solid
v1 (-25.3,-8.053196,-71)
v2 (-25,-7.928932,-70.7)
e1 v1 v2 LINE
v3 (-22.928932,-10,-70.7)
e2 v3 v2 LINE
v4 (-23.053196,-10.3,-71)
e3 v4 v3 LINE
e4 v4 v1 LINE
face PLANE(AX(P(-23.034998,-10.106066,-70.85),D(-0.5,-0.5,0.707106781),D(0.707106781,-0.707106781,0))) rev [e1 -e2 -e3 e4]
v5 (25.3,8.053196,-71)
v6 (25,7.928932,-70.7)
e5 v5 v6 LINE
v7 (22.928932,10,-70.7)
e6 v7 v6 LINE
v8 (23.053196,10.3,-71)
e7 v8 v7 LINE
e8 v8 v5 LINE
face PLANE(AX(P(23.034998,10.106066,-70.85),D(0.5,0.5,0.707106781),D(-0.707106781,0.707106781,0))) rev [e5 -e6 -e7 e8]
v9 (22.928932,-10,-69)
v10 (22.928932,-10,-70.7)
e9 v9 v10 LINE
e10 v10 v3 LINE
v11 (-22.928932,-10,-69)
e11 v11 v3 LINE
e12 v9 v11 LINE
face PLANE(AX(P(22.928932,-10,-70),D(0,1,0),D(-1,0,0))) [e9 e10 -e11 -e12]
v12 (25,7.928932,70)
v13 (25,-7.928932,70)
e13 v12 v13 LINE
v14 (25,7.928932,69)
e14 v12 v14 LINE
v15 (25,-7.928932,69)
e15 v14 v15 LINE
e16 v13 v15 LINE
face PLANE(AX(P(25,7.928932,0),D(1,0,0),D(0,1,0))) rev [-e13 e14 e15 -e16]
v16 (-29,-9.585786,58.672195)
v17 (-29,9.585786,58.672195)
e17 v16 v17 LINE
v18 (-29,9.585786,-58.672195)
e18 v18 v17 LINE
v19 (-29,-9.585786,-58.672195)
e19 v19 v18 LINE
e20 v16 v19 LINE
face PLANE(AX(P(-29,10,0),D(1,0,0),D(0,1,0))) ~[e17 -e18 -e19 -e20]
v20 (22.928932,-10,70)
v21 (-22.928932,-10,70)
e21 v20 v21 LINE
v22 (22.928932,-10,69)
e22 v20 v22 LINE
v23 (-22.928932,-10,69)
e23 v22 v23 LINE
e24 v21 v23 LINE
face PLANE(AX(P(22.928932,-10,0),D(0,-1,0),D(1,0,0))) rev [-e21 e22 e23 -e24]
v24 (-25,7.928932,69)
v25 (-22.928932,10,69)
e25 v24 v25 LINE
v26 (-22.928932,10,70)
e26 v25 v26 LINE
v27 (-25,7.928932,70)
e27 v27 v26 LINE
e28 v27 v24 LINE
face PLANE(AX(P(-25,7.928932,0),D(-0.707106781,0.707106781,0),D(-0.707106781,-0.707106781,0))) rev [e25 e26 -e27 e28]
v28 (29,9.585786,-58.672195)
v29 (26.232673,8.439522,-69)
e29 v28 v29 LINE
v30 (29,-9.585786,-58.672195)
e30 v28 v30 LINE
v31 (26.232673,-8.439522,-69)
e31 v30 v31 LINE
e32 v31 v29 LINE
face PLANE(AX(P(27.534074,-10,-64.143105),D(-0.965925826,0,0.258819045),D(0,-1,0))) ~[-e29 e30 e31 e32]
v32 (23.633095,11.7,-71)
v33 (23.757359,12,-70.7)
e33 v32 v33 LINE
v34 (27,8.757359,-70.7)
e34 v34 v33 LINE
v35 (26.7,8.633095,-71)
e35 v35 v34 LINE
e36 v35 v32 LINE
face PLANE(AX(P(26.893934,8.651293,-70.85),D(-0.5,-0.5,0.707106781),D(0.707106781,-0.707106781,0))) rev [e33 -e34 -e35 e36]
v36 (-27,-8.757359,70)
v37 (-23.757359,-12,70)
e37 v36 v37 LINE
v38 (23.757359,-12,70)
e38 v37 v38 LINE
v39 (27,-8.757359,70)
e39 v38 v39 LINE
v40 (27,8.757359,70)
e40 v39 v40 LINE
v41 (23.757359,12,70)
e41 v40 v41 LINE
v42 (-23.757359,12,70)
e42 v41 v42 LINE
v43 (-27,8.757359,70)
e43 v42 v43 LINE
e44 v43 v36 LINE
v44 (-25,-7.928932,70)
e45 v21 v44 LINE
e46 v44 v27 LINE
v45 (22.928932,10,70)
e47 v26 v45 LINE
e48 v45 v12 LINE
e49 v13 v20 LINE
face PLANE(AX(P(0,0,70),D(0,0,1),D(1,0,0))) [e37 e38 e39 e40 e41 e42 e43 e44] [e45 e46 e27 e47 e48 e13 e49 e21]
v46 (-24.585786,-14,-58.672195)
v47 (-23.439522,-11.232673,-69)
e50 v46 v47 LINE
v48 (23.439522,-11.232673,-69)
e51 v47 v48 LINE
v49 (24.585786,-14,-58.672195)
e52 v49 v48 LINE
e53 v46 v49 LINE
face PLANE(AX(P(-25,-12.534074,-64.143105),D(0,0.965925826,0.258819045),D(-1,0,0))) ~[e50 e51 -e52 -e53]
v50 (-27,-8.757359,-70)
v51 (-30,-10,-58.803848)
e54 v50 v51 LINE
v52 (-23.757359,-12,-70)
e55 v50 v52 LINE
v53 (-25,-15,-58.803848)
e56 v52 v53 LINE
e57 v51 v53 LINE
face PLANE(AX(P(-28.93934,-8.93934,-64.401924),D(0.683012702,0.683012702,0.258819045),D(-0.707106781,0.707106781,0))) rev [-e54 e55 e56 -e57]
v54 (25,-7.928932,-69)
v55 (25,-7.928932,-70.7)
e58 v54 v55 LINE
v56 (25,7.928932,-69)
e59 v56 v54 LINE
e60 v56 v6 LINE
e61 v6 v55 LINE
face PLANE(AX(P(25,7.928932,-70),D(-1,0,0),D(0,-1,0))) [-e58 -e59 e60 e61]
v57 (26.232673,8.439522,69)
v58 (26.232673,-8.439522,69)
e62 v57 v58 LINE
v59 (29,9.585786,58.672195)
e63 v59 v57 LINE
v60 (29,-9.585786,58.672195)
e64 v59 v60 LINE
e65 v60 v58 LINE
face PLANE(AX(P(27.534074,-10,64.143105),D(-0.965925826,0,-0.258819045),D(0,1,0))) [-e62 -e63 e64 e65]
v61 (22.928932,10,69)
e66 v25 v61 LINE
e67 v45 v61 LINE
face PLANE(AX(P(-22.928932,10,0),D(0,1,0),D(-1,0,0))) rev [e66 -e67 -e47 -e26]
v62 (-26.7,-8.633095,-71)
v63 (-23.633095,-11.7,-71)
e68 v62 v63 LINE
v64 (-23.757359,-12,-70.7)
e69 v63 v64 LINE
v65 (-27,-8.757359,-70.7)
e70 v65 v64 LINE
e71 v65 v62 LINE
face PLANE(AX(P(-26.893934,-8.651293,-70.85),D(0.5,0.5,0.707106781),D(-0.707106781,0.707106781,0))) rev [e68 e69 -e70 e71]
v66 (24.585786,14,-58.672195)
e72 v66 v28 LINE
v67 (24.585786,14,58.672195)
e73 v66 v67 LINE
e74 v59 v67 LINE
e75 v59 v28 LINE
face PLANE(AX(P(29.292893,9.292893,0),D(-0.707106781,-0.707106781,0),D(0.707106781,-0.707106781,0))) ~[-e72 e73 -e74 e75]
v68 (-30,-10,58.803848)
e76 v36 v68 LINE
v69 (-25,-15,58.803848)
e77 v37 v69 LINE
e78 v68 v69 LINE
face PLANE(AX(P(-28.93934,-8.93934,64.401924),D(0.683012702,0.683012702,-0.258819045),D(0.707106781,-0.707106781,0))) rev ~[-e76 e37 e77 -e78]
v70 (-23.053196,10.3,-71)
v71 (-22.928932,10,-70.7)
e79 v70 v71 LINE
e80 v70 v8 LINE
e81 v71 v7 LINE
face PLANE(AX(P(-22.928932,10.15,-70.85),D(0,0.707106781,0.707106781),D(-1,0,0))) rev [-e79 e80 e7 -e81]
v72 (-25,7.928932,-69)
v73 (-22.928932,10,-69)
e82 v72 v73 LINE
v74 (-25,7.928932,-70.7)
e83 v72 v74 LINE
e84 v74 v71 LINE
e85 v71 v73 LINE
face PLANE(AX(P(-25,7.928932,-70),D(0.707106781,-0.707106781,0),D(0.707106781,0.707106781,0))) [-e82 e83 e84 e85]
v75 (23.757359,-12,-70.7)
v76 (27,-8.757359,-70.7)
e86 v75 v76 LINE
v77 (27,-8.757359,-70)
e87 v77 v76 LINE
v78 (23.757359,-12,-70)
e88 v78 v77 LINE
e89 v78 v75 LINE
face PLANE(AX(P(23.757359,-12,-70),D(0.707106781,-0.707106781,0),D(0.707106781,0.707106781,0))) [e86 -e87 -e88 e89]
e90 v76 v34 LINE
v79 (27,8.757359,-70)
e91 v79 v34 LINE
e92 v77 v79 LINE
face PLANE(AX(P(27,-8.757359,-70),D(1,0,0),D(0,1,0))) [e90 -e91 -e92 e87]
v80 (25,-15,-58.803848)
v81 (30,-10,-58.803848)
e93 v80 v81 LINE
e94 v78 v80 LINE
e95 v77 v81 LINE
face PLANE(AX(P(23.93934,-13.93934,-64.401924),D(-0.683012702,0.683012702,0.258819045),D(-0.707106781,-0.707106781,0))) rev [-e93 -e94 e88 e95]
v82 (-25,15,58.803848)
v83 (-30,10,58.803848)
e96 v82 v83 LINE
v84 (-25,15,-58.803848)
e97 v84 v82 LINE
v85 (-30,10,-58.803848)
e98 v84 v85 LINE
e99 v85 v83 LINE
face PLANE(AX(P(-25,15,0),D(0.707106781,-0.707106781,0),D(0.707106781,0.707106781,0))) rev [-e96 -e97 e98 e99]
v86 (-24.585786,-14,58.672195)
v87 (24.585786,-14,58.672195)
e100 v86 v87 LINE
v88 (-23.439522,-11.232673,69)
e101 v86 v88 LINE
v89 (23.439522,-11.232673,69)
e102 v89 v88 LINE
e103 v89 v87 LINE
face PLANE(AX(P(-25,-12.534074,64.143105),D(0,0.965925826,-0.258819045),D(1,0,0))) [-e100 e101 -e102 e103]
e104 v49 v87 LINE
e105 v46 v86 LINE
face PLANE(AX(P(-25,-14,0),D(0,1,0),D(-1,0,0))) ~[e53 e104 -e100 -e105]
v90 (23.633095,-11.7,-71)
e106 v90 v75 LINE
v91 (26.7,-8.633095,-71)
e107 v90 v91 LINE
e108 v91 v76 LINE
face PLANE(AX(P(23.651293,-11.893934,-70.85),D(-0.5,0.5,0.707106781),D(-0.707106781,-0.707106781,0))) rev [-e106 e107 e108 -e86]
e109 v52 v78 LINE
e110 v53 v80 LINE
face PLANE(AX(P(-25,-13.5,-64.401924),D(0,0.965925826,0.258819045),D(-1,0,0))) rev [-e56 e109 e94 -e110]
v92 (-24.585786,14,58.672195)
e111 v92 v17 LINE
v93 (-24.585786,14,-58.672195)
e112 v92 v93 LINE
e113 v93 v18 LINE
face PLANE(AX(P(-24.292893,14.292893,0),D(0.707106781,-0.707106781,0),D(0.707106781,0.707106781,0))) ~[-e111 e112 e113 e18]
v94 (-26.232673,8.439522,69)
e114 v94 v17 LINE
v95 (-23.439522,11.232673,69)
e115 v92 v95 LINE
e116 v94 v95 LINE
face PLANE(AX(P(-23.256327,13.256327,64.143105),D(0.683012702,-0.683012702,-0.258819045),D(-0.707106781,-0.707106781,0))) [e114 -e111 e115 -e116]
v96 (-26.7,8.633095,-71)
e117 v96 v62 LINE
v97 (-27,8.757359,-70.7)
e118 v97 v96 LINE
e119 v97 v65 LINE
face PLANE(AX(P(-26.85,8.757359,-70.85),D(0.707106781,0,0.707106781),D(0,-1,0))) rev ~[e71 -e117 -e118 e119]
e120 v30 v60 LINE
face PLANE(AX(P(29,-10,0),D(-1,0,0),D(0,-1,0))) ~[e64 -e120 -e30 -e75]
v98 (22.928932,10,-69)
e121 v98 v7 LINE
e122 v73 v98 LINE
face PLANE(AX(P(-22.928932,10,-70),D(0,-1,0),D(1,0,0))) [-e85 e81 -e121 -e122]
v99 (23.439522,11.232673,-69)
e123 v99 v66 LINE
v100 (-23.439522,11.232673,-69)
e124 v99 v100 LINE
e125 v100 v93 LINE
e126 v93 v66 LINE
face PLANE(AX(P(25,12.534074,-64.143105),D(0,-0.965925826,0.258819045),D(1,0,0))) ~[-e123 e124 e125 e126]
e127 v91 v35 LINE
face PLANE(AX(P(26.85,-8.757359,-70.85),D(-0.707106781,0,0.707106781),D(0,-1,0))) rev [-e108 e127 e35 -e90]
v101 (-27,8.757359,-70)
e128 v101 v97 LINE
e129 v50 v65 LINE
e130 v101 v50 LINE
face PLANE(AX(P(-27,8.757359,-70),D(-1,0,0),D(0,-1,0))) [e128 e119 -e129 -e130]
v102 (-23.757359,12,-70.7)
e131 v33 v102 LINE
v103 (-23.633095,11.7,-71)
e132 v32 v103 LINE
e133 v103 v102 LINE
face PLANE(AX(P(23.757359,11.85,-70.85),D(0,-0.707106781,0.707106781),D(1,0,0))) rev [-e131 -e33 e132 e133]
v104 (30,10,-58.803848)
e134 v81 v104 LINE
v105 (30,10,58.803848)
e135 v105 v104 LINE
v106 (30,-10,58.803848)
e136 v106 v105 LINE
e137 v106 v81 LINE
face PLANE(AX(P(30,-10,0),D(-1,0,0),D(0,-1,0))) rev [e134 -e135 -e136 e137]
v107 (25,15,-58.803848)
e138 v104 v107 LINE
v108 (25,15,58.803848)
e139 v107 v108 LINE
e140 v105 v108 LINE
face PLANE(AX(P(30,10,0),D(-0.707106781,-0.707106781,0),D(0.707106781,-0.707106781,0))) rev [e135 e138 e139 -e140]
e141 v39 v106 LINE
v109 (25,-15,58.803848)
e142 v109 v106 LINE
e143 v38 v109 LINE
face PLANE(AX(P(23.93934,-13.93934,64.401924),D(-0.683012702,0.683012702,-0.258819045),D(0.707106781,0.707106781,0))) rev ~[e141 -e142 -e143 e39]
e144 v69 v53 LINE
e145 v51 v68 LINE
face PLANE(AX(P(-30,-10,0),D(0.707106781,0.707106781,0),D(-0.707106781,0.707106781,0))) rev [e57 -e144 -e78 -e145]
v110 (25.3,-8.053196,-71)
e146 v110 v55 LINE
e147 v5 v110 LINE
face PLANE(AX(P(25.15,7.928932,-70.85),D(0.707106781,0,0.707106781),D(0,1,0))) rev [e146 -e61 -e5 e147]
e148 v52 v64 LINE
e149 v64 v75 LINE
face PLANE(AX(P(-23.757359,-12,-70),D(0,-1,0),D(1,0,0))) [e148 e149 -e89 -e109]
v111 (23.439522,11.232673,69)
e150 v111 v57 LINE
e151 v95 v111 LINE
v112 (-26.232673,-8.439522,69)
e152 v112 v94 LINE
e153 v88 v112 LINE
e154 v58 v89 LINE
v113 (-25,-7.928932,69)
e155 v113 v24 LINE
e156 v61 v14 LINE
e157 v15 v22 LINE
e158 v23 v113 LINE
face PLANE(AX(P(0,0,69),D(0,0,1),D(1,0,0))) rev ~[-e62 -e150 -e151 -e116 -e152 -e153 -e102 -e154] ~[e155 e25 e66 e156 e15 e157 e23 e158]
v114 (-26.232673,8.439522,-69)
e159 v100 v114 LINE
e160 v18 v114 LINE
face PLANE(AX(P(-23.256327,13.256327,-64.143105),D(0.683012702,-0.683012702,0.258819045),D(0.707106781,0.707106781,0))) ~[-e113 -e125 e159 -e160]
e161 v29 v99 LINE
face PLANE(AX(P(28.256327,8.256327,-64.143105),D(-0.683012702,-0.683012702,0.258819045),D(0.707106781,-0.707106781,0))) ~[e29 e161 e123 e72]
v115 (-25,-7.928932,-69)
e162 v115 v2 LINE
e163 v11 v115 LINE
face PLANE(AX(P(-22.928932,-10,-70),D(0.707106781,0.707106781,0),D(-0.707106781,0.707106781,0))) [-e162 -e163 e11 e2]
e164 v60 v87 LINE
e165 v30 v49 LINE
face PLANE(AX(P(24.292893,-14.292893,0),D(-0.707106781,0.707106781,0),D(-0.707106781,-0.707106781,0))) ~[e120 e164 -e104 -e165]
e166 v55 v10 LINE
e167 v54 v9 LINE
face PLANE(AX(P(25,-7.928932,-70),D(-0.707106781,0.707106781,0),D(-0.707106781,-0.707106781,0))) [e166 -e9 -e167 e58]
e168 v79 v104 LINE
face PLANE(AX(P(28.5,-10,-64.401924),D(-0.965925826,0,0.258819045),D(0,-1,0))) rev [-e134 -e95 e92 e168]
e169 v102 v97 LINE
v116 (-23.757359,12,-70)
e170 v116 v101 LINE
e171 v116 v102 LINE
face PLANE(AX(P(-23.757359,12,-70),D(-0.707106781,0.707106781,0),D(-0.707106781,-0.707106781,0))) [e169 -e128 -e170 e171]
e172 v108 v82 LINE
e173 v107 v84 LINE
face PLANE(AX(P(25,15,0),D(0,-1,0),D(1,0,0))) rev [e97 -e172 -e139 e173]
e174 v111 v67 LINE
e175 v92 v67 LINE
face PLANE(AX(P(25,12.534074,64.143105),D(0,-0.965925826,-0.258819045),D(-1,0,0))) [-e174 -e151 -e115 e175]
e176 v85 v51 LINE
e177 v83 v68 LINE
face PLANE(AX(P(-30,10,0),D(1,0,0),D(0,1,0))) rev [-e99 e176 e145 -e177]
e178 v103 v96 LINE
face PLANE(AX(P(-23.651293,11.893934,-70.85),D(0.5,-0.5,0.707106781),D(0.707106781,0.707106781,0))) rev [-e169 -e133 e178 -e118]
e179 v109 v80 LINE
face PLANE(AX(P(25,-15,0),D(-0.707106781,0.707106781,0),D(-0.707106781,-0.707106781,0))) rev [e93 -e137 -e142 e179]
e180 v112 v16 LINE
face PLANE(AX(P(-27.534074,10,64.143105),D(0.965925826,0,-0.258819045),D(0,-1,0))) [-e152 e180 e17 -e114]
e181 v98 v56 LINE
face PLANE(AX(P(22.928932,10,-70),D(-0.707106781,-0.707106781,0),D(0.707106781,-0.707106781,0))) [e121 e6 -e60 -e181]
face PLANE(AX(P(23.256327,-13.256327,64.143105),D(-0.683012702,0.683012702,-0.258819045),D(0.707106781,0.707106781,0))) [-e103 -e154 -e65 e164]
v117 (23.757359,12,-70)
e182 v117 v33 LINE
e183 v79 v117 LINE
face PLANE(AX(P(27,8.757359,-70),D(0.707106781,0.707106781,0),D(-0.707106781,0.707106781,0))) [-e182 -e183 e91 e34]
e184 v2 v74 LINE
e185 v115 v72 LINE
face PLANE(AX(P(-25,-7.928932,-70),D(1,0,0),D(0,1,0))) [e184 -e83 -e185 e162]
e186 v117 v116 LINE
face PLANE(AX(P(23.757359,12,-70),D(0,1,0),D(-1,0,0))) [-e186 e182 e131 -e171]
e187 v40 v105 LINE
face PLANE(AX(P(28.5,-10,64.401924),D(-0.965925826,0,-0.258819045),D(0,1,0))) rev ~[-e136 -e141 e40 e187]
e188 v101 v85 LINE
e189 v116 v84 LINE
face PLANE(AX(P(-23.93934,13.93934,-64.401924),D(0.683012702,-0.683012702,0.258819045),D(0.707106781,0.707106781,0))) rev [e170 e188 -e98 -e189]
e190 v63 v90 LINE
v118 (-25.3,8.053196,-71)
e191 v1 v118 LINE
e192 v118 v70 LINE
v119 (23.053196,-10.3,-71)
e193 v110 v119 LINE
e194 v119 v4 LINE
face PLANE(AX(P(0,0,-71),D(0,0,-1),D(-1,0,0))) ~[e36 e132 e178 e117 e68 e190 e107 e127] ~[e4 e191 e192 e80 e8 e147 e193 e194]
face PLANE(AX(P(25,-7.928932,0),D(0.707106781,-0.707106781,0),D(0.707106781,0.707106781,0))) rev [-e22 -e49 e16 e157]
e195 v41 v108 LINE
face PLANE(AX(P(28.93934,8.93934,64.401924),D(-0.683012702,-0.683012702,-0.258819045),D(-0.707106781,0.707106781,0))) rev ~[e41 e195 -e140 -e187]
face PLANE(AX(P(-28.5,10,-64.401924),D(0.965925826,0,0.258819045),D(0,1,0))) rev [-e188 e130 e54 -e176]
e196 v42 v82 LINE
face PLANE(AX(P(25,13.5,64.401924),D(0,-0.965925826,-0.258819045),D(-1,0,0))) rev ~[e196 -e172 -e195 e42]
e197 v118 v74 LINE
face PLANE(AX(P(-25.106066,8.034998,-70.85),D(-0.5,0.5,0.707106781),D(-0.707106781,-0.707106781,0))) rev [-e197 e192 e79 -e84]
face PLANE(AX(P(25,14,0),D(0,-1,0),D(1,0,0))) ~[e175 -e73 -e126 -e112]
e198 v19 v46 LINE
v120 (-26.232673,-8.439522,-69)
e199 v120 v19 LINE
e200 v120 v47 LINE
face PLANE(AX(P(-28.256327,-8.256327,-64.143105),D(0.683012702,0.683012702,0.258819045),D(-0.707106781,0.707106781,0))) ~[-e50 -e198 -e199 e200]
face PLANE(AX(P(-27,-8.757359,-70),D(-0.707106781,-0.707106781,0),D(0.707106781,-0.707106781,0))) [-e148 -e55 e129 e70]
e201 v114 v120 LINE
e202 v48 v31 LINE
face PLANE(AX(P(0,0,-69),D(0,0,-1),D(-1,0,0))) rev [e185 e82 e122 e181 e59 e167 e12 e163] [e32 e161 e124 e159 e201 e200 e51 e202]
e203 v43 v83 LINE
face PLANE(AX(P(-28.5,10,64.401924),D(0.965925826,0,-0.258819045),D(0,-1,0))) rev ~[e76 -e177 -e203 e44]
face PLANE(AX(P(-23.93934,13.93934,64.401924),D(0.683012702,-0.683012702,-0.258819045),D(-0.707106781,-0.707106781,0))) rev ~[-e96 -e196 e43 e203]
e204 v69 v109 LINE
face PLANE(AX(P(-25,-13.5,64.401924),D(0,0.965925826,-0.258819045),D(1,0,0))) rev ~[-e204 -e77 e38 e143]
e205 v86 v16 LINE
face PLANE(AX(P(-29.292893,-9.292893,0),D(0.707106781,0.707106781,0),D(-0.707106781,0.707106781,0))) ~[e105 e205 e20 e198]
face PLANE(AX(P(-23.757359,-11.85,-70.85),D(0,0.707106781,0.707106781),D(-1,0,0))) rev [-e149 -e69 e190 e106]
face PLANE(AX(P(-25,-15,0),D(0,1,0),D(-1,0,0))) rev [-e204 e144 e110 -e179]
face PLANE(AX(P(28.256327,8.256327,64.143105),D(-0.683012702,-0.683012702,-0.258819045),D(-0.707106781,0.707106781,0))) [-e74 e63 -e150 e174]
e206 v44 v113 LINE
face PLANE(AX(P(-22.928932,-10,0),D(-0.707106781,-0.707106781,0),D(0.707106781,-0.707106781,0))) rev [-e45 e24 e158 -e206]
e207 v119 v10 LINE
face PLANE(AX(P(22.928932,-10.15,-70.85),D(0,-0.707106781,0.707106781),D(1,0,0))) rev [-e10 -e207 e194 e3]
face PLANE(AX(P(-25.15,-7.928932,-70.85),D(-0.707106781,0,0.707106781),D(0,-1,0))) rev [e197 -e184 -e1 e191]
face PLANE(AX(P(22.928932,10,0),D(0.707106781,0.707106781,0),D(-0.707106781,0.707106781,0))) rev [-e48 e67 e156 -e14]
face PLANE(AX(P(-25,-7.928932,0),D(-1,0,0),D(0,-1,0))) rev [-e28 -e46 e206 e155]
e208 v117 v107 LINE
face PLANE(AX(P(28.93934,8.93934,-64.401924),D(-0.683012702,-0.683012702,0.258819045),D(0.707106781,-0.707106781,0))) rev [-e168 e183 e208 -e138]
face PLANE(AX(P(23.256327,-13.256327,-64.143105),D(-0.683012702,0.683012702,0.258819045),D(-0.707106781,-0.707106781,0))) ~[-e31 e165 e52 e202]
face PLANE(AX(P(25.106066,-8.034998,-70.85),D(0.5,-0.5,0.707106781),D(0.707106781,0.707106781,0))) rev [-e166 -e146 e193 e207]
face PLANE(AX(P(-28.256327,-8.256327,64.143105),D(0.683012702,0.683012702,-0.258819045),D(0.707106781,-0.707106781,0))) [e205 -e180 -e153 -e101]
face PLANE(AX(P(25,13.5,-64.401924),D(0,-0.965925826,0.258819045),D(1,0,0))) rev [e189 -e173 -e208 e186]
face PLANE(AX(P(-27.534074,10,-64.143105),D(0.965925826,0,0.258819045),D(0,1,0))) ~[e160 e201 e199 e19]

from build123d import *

# Parameters (mm, degrees)
F1_DEPTH = 70
F2_SIZE2 = 11.1961524227
F2_SIZE  = 3
F4_T     = -1
F5_DEPTH = 1
F6_SIZE  = 0.3


with BuildPart() as f1:
    # F0 (on Top) → F1 (new body)
    with BuildSketch(Plane.XY):
        Polygon((30, 10), (25, 15), (-25, 15), (-30, 10), (-30, -10), (-25, -15), (25, -15), (30, -10), align=None)
        Polygon((-22.9289321881, 10), (22.9289321881, 10), (25, 7.9289321881), (25, -7.9289321881), (22.9289321881, -10), (-22.9289321881, -10), (-25, -7.9289321881), (-25, 7.9289321881), align=None, mode=Mode.SUBTRACT)
    extrude(amount=F1_DEPTH)

    # F2
    f2_edges = [f1.edges().sort_by_distance(p)[0] for p in [
        (-30, 0, 70),
        (-27.5, -12.5, 70),
        (0, -15, 70),
        (27.5, -12.5, 70),
        (30, 0, 70),
        (27.5, 12.5, 70),
        (0, 15, 70),
        (-27.5, 12.5, 70),
    ]]
    f2_side = f1.faces().sort_by_distance((27.025658, 12.025658, 70))[0]
    chamfer(f2_edges, length=F2_SIZE, length2=F2_SIZE2, reference=f2_side)

    # F3: F1 across face


with BuildPart() as f1_1:
    add(f1.part)
    add(f1.part.mirror(Plane(origin=(0, 0, 0), x_dir=(1, 0, 0), z_dir=(0, 0, -1))))

    # F4
    f4_openings = [f1_1.faces().sort_by_distance(p)[0] for p in [
        (-25, 0, 0),
        (-23.964466, 8.964466, 0),
        (0, 10, 0),
        (23.964466, 8.964466, 0),
        (25, 0, 0),
        (0, -10, 0),
        (-23.964466, -8.964466, 0),
        (23.964466, -8.964466, 0),
    ]]
    offset(amount=F4_T, openings=f4_openings)

    # F5 (add): a face of the model
    f5_faces = [f1_1.faces().sort_by_distance(p)[0] for p in [
        (-26.4090685319, 0, -70),
    ]]
    extrude(f5_faces, amount=F5_DEPTH)

    # F6
    f6_edges = [f1_1.edges().sort_by_distance(p)[0] for p in [
        (-27, 0, -71),
        (-25.37868, 10.37868, -71),
        (-25.37868, -10.37868, -71),
        (0, 12, -71),
        (0, -12, -71),
        (25.37868, 10.37868, -71),
        (25.37868, -10.37868, -71),
        (27, 0, -71),
        (0, 10, -71),
        (23.964466, 8.964466, -71),
        (25, 0, -71),
        (23.964466, -8.964466, -71),
        (0, -10, -71),
        (-23.964466, -8.964466, -71),
        (-25, 0, -71),
        (-23.964466, 8.964466, -71),
    ]]
    chamfer(f6_edges, length=F6_SIZE)


solid = f1_1.part
